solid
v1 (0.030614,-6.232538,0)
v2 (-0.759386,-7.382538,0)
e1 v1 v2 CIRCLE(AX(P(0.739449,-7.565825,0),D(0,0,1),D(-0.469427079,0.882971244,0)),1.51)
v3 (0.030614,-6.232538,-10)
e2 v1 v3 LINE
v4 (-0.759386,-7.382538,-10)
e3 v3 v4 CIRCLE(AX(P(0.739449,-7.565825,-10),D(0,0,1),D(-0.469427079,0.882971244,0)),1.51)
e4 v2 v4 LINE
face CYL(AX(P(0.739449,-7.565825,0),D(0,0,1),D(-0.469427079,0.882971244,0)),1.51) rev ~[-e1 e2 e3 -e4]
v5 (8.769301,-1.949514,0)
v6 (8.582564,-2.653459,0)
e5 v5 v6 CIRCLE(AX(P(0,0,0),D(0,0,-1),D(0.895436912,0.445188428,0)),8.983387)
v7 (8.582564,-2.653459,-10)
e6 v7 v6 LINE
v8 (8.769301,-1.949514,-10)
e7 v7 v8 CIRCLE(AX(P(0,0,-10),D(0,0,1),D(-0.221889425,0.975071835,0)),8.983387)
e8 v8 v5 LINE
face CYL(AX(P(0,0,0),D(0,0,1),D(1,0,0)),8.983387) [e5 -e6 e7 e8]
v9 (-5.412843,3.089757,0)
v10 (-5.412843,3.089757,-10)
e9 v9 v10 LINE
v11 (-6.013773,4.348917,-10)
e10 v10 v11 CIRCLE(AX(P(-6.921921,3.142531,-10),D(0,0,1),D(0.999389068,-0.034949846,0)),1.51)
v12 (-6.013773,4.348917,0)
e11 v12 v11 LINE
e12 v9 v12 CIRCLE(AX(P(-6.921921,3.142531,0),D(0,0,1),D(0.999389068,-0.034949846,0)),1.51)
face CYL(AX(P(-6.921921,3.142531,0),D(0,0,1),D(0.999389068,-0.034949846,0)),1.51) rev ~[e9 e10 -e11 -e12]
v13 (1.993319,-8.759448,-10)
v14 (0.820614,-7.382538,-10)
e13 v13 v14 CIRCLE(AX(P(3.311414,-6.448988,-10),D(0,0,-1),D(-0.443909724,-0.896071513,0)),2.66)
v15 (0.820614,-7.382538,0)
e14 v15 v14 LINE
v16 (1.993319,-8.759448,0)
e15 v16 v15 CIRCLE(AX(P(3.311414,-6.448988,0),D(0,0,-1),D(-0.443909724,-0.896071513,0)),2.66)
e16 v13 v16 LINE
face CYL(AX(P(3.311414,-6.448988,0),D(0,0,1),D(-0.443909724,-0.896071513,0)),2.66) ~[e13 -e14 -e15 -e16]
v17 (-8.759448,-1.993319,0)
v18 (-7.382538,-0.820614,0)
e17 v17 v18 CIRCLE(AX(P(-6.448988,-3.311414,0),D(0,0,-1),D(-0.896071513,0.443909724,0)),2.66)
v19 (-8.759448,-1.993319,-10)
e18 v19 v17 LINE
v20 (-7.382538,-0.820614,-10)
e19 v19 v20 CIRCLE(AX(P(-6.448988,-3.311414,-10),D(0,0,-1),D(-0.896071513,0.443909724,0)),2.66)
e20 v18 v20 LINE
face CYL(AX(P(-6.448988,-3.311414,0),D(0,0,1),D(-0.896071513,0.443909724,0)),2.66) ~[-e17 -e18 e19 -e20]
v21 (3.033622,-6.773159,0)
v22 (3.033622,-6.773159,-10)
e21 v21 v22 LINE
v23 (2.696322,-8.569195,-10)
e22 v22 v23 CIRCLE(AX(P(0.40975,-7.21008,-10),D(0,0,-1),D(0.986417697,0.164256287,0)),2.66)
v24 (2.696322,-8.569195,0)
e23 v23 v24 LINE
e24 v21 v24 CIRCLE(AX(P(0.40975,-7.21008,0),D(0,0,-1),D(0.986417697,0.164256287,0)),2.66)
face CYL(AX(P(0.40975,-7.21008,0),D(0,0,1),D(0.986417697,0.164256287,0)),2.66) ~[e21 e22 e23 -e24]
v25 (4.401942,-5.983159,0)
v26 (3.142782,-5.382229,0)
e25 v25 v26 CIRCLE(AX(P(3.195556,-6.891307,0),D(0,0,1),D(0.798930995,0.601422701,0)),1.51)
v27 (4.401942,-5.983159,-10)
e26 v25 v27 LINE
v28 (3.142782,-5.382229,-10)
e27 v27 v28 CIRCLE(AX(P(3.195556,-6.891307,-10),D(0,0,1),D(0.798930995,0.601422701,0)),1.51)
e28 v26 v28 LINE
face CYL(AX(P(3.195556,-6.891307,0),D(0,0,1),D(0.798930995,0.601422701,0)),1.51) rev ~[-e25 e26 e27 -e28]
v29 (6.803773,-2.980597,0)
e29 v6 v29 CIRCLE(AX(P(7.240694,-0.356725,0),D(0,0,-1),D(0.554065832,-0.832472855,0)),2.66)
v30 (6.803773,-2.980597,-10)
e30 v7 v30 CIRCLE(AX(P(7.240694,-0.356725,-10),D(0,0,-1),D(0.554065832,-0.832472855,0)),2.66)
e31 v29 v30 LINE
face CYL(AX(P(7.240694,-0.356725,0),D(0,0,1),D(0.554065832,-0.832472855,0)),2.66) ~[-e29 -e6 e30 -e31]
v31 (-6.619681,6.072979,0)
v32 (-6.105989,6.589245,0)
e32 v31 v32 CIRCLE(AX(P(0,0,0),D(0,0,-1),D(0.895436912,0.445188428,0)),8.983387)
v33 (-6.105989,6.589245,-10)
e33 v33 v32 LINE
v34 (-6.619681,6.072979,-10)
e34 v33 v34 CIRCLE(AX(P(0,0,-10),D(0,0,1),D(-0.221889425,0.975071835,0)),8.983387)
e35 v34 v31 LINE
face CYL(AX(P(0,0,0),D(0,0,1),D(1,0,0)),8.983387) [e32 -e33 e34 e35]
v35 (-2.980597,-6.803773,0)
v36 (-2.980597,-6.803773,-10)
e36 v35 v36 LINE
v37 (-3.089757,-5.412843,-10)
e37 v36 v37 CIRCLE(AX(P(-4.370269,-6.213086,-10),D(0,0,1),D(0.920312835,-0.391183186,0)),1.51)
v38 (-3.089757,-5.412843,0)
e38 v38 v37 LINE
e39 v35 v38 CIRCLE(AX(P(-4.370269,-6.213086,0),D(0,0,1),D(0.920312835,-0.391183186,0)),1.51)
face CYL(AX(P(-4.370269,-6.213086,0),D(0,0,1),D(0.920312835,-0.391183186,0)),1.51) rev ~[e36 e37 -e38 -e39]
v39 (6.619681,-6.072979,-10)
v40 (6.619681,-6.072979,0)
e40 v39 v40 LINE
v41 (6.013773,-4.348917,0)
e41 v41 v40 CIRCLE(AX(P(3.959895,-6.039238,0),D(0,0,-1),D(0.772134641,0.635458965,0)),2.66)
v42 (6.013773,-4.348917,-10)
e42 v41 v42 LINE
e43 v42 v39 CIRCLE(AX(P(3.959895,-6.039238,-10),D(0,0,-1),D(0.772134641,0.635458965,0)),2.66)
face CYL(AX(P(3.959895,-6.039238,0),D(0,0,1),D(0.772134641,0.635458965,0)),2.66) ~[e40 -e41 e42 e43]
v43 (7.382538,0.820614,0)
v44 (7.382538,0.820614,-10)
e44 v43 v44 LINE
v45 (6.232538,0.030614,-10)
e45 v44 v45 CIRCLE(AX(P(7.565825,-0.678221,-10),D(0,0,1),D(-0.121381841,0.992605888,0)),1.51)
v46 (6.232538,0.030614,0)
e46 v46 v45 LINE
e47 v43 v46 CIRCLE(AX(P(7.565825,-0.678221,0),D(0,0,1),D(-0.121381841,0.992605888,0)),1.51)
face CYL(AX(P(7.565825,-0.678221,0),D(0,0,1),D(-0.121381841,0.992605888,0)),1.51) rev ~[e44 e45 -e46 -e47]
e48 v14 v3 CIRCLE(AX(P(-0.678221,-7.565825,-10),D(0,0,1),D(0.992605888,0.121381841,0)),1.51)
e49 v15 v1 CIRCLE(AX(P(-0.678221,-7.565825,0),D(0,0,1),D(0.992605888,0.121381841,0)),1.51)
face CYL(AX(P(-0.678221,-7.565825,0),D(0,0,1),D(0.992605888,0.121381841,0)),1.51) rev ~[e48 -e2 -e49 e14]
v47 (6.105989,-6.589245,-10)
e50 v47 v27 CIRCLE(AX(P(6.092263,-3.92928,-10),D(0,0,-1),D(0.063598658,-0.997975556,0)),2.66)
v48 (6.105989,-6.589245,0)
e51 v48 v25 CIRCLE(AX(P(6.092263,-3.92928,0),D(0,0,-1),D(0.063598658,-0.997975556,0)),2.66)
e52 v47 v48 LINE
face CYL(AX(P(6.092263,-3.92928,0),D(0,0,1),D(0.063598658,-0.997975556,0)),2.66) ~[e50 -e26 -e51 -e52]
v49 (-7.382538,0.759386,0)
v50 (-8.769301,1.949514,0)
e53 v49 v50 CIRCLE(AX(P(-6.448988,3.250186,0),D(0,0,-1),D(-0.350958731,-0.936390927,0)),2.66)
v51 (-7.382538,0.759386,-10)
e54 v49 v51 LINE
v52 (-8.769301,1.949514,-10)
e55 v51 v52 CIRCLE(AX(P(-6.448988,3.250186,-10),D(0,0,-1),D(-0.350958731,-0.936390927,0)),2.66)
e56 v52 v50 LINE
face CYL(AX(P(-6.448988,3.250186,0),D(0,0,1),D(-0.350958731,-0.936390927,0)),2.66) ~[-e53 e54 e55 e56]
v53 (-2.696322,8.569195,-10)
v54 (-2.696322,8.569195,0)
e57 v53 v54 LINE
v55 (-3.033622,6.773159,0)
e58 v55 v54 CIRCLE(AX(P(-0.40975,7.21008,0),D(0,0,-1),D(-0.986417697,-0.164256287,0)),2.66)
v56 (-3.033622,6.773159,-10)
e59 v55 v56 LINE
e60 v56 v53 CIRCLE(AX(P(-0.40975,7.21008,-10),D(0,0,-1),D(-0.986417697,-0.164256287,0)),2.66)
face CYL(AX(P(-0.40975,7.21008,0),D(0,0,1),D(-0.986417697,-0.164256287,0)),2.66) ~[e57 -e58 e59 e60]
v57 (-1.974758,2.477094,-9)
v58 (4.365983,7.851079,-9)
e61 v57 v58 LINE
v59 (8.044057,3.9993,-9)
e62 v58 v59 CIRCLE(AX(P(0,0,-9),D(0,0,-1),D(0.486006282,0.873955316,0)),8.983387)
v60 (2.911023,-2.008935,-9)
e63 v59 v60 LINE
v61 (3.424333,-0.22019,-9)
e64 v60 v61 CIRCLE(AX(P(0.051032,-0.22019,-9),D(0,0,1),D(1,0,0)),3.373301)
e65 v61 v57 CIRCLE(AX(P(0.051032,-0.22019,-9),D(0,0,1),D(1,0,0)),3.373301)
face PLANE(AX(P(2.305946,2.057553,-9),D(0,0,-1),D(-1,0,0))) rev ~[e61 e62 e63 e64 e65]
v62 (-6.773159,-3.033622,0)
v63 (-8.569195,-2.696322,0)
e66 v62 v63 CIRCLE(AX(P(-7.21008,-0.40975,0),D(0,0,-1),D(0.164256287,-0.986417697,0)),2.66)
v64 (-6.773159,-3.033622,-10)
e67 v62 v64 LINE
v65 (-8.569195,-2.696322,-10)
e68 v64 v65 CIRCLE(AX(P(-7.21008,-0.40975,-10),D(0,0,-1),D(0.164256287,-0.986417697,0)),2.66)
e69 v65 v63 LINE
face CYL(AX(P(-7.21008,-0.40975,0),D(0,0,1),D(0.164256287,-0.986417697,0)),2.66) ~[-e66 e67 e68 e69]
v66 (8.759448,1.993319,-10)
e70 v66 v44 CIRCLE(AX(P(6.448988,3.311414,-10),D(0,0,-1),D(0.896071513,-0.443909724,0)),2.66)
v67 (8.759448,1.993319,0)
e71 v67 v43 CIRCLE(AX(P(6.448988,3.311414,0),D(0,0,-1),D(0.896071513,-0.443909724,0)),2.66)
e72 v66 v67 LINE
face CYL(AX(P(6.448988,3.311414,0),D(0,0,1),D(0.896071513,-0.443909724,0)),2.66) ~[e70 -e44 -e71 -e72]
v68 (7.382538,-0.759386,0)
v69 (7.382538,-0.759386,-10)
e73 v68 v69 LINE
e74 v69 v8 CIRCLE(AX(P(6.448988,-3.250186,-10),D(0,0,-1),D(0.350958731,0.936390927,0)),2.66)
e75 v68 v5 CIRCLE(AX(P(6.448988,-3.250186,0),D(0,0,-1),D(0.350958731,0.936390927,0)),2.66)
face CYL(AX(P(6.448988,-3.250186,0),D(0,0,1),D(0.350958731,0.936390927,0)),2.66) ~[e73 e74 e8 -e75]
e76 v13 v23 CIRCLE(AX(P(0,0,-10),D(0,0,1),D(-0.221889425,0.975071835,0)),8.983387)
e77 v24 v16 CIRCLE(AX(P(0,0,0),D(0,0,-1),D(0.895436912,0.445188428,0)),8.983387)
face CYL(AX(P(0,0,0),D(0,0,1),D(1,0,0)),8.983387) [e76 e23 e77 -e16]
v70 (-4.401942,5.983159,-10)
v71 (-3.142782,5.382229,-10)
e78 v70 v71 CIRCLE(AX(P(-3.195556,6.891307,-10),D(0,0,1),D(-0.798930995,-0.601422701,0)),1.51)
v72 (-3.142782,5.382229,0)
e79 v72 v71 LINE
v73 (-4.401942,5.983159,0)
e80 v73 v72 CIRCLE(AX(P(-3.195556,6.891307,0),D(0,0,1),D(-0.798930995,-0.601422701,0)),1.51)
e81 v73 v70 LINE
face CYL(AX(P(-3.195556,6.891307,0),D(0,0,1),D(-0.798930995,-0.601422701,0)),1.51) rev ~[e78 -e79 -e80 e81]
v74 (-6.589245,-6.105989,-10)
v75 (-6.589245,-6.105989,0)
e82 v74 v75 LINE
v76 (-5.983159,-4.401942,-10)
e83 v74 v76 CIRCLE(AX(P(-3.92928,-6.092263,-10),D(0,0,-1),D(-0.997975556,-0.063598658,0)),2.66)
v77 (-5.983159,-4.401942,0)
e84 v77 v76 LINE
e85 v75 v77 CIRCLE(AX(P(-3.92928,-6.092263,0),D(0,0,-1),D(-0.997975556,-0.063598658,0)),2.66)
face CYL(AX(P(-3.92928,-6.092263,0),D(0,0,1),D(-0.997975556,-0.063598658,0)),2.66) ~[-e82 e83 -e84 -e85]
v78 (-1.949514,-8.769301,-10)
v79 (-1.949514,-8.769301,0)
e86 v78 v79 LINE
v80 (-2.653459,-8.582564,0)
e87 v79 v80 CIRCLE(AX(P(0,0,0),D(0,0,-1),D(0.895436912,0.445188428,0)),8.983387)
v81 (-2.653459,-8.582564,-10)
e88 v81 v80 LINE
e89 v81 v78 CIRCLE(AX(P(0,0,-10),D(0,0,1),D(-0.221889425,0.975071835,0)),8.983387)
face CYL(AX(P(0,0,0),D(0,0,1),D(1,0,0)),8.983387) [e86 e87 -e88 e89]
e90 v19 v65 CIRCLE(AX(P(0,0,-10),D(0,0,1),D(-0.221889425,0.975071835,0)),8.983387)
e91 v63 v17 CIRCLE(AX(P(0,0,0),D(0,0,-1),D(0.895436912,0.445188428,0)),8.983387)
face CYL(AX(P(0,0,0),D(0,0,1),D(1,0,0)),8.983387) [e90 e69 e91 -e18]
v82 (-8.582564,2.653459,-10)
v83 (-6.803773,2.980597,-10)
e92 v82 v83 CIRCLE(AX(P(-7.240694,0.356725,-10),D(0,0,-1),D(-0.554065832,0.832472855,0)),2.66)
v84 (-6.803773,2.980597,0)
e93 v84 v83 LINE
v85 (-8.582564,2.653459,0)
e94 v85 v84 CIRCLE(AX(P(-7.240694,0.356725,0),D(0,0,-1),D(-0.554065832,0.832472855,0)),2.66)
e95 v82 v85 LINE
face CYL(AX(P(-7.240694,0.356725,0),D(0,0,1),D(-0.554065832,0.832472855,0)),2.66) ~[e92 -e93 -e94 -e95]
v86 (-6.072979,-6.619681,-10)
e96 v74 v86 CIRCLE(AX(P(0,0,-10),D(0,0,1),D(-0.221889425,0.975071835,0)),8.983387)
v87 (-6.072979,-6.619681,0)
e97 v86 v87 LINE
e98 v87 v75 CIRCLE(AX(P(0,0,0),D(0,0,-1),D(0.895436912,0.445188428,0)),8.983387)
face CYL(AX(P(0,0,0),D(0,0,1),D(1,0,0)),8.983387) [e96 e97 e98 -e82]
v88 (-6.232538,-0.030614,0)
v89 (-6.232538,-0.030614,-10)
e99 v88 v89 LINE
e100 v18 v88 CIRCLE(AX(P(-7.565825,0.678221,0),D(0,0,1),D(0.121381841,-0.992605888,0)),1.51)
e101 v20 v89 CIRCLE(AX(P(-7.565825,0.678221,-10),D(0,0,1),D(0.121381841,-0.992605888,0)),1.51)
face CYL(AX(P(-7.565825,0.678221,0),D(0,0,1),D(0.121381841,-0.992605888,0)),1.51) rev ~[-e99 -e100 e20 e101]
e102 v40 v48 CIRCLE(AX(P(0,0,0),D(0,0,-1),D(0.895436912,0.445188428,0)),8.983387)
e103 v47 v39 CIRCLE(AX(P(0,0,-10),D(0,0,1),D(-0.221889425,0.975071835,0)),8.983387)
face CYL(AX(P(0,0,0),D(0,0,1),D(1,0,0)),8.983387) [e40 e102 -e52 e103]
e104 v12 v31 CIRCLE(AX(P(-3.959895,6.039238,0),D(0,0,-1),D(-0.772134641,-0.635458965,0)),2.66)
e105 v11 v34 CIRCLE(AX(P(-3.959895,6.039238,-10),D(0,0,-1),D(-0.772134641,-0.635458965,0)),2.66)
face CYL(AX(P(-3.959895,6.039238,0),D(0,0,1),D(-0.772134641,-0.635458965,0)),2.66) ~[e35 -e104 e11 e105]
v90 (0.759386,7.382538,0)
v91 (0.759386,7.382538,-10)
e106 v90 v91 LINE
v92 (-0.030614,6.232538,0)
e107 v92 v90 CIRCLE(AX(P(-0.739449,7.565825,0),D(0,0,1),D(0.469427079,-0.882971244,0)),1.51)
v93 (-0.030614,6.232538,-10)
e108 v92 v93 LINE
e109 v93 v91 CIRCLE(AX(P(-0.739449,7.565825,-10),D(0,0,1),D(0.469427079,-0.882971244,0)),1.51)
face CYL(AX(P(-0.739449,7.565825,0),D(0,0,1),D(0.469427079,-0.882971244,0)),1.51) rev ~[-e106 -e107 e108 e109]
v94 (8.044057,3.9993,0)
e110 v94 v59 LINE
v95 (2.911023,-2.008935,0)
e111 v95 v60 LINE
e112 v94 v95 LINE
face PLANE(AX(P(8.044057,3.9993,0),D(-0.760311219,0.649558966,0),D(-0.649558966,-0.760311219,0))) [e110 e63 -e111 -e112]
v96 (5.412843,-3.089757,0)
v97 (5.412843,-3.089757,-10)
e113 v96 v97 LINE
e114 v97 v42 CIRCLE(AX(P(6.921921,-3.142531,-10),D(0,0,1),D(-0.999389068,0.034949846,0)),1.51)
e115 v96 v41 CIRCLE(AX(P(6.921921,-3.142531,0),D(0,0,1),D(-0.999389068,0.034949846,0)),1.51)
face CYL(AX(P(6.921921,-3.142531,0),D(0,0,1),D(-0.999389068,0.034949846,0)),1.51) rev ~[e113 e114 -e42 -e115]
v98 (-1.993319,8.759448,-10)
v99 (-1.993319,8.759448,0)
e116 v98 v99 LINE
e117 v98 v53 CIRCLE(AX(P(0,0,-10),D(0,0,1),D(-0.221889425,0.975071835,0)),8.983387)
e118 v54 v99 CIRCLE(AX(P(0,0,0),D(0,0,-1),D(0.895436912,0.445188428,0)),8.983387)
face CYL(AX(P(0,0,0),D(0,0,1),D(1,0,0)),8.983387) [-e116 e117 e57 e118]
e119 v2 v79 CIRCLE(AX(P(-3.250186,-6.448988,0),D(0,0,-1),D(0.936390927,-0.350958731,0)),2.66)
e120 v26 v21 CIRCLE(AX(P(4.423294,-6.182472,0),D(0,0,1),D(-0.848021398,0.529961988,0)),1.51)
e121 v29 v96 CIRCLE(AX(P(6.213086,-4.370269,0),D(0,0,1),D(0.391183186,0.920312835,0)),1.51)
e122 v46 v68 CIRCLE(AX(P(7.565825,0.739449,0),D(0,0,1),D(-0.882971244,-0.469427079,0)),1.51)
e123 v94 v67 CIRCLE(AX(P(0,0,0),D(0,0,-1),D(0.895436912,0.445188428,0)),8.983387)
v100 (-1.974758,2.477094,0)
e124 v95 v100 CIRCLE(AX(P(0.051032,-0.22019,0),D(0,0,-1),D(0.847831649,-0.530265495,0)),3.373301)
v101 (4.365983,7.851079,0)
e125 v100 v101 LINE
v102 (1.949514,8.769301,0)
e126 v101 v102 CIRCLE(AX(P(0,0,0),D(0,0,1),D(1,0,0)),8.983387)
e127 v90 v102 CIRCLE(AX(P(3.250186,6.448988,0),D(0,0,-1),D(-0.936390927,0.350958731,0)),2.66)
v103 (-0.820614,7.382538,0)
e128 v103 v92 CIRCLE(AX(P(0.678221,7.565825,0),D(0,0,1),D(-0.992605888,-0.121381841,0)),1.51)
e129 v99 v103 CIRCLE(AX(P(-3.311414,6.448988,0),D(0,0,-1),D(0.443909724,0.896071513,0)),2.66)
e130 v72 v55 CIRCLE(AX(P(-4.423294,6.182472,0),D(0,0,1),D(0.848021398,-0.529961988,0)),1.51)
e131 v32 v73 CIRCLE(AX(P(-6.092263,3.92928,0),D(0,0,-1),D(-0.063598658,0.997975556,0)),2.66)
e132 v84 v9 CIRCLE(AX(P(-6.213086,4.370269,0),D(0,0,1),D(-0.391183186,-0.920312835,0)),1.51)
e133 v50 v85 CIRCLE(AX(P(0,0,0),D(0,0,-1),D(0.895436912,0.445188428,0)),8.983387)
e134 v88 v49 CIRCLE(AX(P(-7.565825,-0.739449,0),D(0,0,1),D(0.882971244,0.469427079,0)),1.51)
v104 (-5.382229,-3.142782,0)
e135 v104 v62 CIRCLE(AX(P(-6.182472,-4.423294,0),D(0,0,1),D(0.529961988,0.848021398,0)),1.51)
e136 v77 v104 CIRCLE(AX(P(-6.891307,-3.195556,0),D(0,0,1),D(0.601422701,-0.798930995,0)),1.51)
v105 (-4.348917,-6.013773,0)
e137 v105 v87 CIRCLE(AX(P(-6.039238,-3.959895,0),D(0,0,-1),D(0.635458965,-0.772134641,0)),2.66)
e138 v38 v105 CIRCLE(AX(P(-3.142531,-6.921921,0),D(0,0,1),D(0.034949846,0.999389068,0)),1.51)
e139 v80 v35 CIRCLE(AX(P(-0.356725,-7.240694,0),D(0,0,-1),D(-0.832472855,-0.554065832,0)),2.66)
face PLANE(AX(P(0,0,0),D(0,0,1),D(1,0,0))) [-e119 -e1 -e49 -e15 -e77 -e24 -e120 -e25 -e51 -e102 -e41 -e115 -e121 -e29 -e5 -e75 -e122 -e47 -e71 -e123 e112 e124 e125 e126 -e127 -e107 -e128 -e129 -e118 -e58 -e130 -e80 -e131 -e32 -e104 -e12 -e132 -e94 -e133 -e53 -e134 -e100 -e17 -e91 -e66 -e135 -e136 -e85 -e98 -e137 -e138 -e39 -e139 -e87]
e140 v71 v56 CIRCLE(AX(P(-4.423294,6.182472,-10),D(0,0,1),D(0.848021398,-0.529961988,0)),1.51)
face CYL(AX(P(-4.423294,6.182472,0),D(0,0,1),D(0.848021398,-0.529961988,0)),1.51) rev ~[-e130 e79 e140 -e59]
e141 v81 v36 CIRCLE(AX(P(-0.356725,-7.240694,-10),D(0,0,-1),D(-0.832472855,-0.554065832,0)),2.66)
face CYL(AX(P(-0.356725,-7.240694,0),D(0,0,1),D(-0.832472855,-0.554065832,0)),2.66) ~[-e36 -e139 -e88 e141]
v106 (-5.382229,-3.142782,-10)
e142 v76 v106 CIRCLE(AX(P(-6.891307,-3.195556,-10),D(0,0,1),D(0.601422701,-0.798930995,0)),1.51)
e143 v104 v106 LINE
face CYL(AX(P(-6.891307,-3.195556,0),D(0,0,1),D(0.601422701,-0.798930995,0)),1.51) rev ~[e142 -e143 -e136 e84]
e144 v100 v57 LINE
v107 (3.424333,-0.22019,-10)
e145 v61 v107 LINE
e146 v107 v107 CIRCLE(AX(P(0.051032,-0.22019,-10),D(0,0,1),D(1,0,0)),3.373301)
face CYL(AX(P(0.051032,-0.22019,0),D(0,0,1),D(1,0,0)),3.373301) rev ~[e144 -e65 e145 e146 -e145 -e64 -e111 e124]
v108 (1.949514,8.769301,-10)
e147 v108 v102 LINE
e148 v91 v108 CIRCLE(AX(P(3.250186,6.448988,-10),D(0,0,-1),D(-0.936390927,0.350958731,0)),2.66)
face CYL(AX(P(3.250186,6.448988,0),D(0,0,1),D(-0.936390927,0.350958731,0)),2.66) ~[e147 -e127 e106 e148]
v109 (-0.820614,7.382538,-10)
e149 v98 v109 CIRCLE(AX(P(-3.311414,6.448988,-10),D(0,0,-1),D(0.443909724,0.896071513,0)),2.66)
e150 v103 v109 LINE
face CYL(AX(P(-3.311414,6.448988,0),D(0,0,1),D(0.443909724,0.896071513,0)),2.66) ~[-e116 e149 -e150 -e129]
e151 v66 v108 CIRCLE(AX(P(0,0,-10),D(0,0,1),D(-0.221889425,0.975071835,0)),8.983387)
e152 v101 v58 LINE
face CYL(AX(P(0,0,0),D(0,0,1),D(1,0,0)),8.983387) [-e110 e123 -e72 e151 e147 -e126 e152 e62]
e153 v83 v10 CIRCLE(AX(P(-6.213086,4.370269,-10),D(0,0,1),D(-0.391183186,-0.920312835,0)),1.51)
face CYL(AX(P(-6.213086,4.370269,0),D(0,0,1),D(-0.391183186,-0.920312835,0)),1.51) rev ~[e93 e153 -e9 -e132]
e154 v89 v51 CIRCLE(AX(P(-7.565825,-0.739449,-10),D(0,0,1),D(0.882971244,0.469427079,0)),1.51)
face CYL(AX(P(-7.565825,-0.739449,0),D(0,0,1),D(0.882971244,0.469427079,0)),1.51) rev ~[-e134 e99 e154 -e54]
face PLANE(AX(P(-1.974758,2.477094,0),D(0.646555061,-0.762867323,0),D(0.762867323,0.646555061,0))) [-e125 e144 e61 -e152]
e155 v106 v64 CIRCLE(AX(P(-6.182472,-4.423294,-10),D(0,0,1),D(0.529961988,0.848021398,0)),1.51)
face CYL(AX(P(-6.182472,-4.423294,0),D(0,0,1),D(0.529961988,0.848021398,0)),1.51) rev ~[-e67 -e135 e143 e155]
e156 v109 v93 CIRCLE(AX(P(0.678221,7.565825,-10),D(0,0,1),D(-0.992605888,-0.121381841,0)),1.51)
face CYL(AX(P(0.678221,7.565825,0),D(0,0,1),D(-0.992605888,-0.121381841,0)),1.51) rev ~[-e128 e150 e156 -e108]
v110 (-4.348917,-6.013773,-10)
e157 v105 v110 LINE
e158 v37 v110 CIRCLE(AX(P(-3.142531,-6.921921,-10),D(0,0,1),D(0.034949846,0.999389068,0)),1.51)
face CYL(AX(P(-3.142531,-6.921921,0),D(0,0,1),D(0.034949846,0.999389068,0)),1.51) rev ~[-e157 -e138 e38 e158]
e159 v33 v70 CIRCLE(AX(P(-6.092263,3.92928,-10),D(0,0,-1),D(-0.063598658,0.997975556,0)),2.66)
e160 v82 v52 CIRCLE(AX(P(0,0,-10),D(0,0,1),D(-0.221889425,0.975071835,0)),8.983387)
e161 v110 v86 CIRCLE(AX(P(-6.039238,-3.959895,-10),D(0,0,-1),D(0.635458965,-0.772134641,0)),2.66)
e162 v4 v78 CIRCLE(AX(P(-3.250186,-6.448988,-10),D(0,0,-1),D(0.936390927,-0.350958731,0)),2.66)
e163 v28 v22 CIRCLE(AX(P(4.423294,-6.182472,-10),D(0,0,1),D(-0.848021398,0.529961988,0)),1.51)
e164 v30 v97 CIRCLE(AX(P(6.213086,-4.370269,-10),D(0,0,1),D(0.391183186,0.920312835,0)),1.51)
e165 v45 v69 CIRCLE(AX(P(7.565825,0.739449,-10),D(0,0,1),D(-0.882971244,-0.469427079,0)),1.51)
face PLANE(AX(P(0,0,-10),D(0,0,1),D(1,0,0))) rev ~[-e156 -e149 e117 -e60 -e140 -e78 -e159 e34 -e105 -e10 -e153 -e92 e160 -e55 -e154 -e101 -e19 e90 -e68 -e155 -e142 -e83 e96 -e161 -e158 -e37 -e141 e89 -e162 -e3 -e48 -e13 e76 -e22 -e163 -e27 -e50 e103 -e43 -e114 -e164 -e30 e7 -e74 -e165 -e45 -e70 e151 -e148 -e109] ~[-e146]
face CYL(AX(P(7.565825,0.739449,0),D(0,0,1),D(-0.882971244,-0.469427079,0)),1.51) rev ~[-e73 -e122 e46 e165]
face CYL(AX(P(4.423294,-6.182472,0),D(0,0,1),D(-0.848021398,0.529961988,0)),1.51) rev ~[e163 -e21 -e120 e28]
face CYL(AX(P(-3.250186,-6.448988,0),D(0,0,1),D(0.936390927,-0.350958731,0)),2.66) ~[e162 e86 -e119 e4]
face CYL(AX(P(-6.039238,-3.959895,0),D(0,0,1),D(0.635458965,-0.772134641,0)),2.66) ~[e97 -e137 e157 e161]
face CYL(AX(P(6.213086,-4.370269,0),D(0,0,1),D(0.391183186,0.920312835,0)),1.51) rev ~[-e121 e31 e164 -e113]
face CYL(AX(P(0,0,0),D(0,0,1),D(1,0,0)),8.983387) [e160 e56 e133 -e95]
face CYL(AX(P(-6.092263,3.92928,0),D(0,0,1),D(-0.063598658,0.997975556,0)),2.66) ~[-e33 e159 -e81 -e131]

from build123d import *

# Parameters (mm, degrees)
SKETCH1_R           = 8.98338725
BOSS_EXTRUDE2_DEPTH = 10
CUT_EXTRUDE1_DEPTH  = 9
SKETCH9_R           = 3.37330117
CUT_EXTRUDE4_DEPTH  = 10
CUT_EXTRUDE5_DEPTH  = 10
CIRPATTERN2_COUNT   = 10
CIRPATTERN2_ANGLE   = 270


with BuildPart() as part:
    # Sketch1 → Boss-Extrude2 (new body)
    with BuildSketch(Plane.XY):
        Circle(SKETCH1_R)
    extrude(amount=-BOSS_EXTRUDE2_DEPTH)

    # Sketch2 → Cut-Extrude1 (cut)
    with BuildSketch(Plane.XY):
        with BuildLine():
            Line((-1.97475772, 2.477093755), (4.365982639, 7.851079039))
            ThreePointArc((4.365982639, 7.851079039), (6.497023817, 6.204025146), (8.044056542, 3.999300044))
            Line((8.044056542, 3.999300044), (2.911023025, -2.008935037))
            ThreePointArc((2.911023025, -2.008935037), (-2.230434429, -2.704958194), (-1.97475772, 2.477093755))
        make_face()
    extrude(amount=-CUT_EXTRUDE1_DEPTH, mode=Mode.SUBTRACT)

    # Sketch9 → Cut-Extrude4 (cut)
    with BuildSketch(Plane.XY):
        with Locations((0.051031531, -0.220189823)):
            Circle(SKETCH9_R)
    extrude(amount=-CUT_EXTRUDE4_DEPTH, mode=Mode.SUBTRACT)

    # Sketch10 → Cut-Extrude5 (cut)
    with BuildSketch(Plane.XY):
        with BuildLine():
            ThreePointArc((-0.030614018, 6.232538227), (0.505170096, 6.710825662), (0.759385982, 7.382538227))
            ThreePointArc((0.759385982, 7.382538227), (1.276411254, 8.232191257), (2.069385982, 8.832538227))
            ThreePointArc((2.069385982, 8.832538227), (-0.030614018, 8.990934274), (-2.130614018, 8.832538227))
            ThreePointArc((-2.130614018, 8.832538227), (-1.33763929, 8.232191257), (-0.820614018, 7.382538227))
            ThreePointArc((-0.820614018, 7.382538227), (-0.566398131, 6.710825662), (-0.030614018, 6.232538227))
        make_face()
    cut_extrude5 = extrude(amount=-CUT_EXTRUDE5_DEPTH, mode=Mode.SUBTRACT)

    # CirPattern2: Cut-Extrude5 ×10 about axis
    cirpattern2_axis = Axis((0, 0, 0), (0, 0, 1))
    for i in range(1, CIRPATTERN2_COUNT):
        add(cut_extrude5.rotate(cirpattern2_axis, i * CIRPATTERN2_ANGLE / (CIRPATTERN2_COUNT - 1)), mode=Mode.SUBTRACT)


solid = part.part
